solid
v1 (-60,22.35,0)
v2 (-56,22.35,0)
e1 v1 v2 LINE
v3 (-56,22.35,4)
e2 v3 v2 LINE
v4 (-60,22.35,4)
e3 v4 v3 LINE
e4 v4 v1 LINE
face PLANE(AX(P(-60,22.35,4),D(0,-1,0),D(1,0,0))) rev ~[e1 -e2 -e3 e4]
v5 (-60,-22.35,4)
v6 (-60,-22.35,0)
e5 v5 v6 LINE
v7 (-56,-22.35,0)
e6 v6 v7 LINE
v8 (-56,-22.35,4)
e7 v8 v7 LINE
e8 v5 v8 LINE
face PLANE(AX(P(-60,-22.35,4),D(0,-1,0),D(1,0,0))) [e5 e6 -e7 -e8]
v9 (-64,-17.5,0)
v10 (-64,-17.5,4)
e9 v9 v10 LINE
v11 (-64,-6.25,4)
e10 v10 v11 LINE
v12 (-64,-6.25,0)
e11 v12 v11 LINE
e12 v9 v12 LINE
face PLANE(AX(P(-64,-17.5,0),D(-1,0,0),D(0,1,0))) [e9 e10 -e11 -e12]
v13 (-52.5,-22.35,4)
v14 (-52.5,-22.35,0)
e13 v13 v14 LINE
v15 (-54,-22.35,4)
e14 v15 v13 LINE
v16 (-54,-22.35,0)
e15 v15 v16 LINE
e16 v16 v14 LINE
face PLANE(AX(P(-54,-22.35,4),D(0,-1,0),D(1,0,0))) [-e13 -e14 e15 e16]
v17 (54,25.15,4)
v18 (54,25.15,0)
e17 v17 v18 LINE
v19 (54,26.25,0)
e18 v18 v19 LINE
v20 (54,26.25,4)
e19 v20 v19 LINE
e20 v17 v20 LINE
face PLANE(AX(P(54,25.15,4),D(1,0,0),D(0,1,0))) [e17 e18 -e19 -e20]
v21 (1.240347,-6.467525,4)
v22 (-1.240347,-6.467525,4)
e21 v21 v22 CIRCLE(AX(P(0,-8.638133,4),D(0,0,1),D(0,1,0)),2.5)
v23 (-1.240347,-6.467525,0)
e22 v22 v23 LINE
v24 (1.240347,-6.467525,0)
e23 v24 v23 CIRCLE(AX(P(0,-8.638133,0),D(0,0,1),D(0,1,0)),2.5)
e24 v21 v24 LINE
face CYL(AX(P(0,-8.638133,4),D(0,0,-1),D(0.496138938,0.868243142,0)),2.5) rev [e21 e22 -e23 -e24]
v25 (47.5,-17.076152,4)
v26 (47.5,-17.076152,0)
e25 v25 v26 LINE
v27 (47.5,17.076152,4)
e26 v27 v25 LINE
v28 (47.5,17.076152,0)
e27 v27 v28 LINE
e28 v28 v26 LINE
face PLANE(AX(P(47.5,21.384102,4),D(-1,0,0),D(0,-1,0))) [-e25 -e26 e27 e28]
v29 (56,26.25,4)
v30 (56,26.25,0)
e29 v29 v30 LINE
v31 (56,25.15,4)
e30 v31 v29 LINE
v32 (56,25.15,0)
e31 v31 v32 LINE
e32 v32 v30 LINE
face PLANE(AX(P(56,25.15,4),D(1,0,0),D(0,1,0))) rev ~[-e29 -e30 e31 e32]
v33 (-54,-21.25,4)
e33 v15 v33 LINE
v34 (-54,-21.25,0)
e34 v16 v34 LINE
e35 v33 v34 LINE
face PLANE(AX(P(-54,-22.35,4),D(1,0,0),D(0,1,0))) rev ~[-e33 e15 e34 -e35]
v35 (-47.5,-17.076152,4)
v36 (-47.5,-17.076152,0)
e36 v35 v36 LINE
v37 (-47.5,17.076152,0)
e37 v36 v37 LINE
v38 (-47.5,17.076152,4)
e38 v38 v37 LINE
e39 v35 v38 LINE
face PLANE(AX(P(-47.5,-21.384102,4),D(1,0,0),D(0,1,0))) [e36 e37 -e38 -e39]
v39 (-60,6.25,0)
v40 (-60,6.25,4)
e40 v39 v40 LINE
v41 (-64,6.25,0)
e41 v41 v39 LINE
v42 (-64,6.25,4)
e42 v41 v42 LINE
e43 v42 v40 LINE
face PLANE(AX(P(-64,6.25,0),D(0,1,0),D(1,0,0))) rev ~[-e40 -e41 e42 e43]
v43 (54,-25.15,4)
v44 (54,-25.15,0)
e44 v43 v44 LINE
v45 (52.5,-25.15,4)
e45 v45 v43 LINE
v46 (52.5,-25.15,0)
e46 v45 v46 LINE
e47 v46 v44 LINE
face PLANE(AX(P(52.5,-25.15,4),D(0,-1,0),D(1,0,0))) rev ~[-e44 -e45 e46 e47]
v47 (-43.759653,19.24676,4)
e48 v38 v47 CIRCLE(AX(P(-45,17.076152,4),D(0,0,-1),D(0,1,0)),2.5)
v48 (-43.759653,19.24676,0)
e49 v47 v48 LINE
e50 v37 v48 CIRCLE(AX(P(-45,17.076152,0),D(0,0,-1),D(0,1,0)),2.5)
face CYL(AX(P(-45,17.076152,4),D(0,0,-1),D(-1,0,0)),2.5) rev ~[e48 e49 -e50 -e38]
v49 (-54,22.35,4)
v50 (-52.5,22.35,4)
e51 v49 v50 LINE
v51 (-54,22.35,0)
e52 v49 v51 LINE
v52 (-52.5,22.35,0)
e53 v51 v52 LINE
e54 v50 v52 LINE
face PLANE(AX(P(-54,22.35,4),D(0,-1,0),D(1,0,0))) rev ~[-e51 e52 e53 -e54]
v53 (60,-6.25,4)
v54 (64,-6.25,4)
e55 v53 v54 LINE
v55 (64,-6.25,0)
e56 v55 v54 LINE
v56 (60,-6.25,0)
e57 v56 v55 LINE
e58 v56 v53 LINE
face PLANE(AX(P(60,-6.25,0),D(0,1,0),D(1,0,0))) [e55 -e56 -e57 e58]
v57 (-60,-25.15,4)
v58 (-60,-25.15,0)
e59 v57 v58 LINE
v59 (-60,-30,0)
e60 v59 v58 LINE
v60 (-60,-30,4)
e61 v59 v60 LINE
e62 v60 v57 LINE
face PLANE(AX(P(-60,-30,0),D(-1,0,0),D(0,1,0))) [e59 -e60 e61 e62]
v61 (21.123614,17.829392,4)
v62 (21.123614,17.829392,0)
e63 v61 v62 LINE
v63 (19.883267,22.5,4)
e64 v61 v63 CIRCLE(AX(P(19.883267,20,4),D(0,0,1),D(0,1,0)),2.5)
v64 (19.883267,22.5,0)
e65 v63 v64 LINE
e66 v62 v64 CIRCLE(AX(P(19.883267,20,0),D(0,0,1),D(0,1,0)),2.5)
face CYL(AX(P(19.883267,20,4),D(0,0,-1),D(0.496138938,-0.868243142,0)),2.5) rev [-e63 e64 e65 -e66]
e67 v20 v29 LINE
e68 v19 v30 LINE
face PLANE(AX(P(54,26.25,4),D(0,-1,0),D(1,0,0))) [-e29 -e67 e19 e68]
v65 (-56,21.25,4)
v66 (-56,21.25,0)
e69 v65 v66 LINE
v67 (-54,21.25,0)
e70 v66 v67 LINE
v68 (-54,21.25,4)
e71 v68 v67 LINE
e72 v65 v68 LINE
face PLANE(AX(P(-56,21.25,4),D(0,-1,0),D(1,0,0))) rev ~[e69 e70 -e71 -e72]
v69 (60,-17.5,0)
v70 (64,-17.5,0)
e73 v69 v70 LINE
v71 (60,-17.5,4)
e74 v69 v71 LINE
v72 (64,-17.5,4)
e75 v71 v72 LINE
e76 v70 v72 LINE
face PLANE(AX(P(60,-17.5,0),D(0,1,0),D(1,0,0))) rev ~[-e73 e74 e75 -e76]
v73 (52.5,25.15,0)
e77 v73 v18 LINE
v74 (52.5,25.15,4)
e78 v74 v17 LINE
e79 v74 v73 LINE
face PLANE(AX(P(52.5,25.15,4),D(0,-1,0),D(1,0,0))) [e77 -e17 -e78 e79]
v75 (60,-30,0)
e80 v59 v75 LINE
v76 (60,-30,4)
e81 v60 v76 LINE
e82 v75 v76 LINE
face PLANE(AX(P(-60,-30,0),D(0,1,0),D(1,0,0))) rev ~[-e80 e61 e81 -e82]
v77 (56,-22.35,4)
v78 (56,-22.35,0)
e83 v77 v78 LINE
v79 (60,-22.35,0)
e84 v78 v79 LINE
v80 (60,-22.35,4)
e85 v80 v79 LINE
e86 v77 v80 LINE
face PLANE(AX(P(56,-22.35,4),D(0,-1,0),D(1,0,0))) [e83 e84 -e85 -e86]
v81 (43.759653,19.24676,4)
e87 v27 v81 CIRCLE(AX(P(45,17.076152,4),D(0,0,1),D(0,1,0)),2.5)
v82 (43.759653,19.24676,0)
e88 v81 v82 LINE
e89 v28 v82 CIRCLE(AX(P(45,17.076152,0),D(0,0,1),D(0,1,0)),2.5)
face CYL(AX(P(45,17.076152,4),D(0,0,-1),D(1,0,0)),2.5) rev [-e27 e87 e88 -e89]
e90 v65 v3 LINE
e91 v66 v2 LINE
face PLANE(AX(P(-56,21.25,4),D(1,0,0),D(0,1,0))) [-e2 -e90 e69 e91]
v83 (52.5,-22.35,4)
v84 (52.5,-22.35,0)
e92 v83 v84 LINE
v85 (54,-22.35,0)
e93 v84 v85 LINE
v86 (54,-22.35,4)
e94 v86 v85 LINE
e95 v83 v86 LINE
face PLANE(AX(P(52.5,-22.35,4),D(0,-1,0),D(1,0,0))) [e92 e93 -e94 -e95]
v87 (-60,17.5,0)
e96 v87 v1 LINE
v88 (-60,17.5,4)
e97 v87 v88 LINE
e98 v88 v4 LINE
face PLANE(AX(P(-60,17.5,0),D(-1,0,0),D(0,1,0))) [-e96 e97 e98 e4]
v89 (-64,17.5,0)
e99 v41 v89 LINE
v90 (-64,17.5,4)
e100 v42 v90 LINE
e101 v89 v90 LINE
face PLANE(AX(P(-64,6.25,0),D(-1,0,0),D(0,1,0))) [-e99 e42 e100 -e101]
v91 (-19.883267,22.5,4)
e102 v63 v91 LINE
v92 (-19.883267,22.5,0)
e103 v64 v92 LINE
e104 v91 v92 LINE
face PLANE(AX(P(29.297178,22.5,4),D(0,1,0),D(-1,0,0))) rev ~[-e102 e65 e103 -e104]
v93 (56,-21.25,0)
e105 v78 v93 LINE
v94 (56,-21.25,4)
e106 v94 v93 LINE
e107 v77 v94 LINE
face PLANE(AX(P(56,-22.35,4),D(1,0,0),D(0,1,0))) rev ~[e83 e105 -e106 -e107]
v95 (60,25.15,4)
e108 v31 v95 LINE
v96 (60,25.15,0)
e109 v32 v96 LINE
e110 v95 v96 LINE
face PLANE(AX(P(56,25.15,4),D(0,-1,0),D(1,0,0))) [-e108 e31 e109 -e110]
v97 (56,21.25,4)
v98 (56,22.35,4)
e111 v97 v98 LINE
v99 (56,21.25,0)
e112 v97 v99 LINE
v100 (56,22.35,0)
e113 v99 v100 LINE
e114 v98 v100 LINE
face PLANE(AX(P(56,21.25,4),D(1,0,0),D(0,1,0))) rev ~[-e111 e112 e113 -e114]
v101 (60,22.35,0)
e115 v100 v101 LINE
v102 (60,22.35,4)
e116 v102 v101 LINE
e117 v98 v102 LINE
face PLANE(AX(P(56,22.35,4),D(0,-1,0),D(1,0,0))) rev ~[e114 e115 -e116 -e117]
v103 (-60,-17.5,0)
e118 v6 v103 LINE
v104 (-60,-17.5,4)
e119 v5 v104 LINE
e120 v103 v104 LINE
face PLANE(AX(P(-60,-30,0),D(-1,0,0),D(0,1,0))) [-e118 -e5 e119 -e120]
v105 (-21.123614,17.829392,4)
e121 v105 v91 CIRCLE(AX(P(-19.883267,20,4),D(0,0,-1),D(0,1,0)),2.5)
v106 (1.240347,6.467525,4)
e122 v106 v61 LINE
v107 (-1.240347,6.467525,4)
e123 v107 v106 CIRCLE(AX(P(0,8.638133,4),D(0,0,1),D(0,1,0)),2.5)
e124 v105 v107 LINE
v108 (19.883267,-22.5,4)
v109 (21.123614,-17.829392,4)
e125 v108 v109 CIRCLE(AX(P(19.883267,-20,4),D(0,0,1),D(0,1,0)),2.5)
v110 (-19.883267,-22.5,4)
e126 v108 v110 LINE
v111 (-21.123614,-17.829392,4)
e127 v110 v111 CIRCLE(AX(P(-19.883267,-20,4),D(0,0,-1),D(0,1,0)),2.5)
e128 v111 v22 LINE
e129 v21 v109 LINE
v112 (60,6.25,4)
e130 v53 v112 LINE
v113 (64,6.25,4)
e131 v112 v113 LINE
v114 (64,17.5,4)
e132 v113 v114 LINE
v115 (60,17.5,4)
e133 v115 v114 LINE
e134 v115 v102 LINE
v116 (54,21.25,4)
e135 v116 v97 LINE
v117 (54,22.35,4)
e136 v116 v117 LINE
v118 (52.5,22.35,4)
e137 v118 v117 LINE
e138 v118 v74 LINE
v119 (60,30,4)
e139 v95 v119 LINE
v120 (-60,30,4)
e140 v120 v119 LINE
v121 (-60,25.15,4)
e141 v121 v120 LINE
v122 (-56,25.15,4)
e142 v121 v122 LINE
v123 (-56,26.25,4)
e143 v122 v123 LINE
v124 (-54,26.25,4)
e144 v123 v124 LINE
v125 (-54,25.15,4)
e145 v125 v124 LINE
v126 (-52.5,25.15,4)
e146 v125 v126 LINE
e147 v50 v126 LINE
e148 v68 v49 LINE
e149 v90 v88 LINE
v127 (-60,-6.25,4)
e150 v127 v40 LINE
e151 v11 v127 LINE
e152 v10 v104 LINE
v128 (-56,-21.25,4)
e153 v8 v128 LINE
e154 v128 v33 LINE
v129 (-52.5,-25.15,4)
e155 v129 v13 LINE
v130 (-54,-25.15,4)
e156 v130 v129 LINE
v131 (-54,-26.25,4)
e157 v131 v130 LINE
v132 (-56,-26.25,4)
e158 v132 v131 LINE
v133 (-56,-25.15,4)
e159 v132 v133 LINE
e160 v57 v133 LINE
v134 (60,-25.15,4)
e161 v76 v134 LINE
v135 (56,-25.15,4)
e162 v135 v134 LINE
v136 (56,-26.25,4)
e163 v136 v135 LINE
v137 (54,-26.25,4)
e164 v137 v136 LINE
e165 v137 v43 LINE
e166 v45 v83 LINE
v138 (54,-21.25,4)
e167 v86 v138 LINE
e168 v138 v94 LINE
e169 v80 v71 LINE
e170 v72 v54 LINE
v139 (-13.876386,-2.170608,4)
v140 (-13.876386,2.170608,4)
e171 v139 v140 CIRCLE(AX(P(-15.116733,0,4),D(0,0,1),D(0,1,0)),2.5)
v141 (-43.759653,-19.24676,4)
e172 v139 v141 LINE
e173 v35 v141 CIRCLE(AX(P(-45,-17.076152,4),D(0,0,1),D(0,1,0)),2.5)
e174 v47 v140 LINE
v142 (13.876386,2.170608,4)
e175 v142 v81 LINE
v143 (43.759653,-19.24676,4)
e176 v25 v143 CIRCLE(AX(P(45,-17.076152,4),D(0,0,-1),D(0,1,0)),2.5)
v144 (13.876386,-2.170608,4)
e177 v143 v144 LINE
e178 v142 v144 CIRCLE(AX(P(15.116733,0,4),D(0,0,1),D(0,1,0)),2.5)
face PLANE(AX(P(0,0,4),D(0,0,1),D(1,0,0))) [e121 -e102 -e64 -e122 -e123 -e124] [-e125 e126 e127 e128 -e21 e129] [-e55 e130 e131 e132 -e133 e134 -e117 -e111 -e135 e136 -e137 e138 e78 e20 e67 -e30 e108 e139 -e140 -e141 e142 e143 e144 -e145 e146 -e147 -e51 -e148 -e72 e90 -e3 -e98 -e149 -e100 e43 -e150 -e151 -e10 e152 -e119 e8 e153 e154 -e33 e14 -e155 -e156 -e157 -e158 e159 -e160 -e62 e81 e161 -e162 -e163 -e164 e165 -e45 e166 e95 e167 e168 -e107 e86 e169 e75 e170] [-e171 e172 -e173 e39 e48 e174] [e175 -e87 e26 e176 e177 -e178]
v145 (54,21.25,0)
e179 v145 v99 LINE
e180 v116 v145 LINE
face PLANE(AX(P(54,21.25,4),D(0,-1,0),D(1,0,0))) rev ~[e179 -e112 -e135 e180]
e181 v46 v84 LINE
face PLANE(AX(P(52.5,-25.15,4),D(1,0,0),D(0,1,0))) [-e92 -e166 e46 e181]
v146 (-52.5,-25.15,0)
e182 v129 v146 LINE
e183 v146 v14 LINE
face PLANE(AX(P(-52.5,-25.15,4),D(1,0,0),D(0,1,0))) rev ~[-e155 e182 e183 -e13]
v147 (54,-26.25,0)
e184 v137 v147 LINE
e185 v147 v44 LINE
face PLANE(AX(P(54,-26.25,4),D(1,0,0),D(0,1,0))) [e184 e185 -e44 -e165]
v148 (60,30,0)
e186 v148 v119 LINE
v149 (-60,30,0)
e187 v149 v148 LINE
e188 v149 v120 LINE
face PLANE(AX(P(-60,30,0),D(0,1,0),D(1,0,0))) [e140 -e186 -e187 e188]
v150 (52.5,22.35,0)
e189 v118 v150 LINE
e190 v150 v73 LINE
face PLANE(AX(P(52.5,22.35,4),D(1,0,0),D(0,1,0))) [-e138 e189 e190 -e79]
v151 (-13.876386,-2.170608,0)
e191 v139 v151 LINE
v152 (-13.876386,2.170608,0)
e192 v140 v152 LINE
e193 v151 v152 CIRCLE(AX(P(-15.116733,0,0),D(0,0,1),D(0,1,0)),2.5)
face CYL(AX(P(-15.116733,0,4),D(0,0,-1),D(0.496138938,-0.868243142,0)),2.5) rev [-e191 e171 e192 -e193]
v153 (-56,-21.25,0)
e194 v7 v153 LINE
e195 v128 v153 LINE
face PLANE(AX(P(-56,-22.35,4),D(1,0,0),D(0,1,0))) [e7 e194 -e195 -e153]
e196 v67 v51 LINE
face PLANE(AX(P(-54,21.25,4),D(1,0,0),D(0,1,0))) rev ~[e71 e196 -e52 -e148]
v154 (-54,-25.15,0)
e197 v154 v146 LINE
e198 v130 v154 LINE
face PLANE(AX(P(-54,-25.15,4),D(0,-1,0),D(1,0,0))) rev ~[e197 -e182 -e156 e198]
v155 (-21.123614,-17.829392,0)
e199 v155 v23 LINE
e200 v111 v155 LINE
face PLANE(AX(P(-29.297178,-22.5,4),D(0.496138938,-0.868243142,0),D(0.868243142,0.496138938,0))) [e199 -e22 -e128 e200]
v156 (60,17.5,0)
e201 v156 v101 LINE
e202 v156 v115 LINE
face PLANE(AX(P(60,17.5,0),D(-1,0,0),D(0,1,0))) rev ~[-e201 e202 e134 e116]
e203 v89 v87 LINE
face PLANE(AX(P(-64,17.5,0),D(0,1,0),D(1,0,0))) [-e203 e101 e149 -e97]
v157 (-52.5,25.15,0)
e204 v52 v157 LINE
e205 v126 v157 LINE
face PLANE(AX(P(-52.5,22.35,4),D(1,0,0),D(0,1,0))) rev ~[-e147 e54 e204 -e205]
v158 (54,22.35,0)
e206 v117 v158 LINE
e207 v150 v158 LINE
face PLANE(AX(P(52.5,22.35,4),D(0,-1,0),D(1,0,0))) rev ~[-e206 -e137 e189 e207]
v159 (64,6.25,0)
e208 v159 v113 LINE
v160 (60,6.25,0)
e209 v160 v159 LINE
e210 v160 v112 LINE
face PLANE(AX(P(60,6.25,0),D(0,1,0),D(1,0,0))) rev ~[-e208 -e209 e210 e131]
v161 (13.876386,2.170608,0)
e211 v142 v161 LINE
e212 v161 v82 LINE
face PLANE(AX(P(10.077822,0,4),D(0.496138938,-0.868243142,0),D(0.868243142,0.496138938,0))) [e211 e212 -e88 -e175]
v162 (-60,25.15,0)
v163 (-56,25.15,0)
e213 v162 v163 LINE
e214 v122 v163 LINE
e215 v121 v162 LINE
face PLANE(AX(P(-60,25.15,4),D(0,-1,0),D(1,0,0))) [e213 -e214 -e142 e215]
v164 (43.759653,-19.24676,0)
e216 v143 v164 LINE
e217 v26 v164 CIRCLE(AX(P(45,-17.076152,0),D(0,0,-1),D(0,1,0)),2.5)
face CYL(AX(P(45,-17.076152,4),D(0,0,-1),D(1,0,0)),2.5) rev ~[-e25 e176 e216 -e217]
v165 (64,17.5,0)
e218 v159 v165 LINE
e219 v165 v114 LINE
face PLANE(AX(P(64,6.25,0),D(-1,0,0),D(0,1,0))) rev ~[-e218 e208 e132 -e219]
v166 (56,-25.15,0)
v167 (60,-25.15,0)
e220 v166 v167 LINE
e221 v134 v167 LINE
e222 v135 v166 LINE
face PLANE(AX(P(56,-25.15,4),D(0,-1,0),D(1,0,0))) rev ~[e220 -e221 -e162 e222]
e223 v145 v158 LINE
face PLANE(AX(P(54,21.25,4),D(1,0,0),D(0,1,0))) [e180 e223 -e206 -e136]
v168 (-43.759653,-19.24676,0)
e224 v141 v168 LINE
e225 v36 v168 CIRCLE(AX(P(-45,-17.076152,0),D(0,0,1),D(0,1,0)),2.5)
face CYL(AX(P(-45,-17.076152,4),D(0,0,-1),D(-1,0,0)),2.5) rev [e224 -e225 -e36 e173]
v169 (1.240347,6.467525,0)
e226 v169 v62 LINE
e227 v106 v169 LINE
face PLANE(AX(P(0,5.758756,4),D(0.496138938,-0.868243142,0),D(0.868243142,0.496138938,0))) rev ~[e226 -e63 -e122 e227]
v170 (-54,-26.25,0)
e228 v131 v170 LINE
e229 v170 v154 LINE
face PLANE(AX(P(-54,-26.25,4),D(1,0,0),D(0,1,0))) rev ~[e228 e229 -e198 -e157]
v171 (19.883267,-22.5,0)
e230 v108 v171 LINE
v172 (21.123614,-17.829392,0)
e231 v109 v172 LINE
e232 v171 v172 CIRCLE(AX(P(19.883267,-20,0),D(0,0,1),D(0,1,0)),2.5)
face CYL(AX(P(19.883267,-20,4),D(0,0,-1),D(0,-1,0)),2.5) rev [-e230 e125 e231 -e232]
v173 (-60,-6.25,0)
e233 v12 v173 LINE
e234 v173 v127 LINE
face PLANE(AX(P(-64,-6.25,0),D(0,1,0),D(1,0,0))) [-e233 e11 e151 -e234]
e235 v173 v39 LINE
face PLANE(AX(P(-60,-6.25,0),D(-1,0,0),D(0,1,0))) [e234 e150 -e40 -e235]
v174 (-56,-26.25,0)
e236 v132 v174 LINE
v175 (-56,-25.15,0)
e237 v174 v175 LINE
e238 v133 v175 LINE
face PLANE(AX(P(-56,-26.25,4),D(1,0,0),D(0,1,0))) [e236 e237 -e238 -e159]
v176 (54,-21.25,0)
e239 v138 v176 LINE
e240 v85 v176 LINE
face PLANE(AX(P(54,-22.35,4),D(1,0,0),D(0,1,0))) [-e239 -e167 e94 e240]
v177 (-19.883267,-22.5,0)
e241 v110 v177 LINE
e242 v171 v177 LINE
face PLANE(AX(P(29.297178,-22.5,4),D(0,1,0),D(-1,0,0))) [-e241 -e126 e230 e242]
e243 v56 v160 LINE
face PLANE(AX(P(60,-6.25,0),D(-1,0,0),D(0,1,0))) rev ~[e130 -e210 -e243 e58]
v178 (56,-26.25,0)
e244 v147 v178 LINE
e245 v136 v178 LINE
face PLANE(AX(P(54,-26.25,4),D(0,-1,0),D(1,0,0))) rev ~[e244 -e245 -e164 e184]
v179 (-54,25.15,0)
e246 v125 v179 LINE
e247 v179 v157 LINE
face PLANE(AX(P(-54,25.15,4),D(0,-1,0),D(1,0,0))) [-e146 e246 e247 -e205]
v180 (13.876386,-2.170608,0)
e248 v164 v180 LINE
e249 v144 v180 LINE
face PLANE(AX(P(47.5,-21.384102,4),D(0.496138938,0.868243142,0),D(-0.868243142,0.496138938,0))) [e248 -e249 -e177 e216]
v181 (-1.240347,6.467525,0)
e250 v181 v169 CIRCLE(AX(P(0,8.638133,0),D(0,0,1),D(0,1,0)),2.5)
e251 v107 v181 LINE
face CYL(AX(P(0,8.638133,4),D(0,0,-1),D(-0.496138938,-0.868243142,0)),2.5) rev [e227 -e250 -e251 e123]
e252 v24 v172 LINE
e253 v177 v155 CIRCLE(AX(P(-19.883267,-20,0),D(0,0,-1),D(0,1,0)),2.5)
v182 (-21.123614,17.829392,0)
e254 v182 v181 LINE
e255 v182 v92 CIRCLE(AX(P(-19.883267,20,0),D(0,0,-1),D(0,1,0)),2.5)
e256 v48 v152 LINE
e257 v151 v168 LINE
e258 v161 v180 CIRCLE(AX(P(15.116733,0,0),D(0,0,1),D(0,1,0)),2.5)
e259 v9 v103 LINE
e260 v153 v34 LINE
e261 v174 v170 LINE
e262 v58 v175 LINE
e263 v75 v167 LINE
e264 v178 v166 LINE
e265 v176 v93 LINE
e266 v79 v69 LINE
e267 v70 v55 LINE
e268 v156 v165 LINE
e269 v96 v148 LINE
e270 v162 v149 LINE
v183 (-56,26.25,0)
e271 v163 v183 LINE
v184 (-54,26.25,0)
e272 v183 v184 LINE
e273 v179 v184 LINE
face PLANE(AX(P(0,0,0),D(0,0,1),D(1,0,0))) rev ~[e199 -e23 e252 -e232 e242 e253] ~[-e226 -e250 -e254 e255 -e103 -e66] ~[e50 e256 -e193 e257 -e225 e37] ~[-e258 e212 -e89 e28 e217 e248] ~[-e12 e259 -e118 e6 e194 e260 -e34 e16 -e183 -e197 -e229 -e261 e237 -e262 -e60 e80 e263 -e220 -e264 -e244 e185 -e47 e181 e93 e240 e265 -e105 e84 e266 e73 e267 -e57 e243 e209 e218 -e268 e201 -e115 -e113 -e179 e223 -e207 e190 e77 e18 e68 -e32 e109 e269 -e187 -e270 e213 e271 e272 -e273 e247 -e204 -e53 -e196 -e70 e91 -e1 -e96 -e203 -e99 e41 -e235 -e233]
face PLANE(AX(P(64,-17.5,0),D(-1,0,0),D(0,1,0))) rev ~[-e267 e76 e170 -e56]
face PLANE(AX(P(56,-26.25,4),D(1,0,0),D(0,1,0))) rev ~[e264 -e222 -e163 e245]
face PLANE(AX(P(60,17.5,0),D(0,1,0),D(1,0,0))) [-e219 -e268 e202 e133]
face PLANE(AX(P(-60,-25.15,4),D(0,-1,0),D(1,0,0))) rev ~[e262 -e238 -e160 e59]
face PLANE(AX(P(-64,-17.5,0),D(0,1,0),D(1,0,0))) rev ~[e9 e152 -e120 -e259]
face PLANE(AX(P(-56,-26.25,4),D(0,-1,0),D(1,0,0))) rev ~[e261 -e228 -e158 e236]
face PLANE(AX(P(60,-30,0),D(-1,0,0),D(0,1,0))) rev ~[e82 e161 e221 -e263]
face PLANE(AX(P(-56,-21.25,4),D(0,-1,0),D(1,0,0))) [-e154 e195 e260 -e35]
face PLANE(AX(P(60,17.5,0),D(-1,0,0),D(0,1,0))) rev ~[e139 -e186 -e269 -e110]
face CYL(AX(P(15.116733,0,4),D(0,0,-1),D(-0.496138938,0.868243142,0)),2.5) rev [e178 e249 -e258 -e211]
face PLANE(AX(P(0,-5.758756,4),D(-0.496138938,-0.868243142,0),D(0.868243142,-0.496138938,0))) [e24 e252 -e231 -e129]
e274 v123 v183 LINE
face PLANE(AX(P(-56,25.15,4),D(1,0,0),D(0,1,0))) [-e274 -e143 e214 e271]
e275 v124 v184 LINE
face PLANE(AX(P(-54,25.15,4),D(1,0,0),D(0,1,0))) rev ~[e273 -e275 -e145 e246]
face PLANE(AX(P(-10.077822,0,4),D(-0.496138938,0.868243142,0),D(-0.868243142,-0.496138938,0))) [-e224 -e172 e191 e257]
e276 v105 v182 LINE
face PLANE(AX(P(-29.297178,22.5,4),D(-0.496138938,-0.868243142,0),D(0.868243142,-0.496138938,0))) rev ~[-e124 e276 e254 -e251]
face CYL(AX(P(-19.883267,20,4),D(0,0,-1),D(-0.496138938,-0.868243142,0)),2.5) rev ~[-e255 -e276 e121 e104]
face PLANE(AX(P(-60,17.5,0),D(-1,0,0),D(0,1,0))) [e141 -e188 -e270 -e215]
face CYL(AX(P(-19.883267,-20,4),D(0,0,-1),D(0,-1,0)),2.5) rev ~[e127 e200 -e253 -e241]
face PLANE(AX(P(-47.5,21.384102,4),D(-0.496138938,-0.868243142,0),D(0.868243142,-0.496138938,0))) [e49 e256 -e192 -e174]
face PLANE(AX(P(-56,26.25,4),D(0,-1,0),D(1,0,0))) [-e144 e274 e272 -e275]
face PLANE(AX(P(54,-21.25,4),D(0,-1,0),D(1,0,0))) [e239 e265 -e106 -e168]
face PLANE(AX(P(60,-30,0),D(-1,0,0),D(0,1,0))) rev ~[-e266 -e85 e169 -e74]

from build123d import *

# Parameters (mm, degrees)
SKETCH_1_W          = 120
SKETCH_1_H          = 60
SKETCH_1_W_2        = 4
SKETCH_1_H_2        = 11.25
EXTRUDE_1_DEPTH     = 4
SKETCH_2_W          = 7.5
SKETCH_2_H          = 2.8
SKETCH_2_W_2        = 2
SKETCH_2_H_2        = 5
CUT_EXTRUDE_1_DEPTH = 4
CUT_EXTRUDE_2_DEPTH = 71.795480082
FILLET_1_R          = 2.5


with BuildPart() as part:
    # Эскиз1 → Бобышка-Вытянуть1 (new body)
    with BuildSketch(Plane.XY):
        Rectangle(SKETCH_1_W, SKETCH_1_H)
        with Locations((-62, -11.875)):
            Rectangle(SKETCH_1_W_2, SKETCH_1_H_2)
        with Locations((-62, 11.875)):
            Rectangle(SKETCH_1_W_2, SKETCH_1_H_2)
        with Locations((62, 11.875)):
            Rectangle(SKETCH_1_W_2, SKETCH_1_H_2)
        with Locations((62, -11.875)):
            Rectangle(SKETCH_1_W_2, SKETCH_1_H_2)
    extrude(amount=EXTRUDE_1_DEPTH)

    # Эскиз2 → Вырез-Вытянуть1 (cut)
    with BuildSketch(Plane.XY.offset(4)):
        with Locations((-56.25, 23.75)):
            Rectangle(SKETCH_2_W, SKETCH_2_H)
        with Locations((-55, 23.75)):
            Rectangle(SKETCH_2_W_2, SKETCH_2_H_2)
        with Locations((55, 23.75)):
            Rectangle(SKETCH_2_W_2, SKETCH_2_H_2)
        with Locations((56.25, 23.75)):
            Rectangle(SKETCH_2_W, SKETCH_2_H)
        with Locations((56.25, -23.75)):
            Rectangle(SKETCH_2_W, SKETCH_2_H)
        with Locations((55, -23.75)):
            Rectangle(SKETCH_2_W_2, SKETCH_2_H_2)
        with Locations((-55, -23.75)):
            Rectangle(SKETCH_2_W_2, SKETCH_2_H_2)
        with Locations((-56.25, -23.75)):
            Rectangle(SKETCH_2_W, SKETCH_2_H)
    extrude(amount=-CUT_EXTRUDE_1_DEPTH, mode=Mode.SUBTRACT)

    # Эскиз3 → Вырез-Вытянуть2 (cut, through all)
    with BuildSketch(Plane.XY.offset(4)):
        Polygon((-47.5, 21.384101608), (-10.077822185, 0), (-47.5, -21.384101608), align=None)
        Polygon((-29.297177815, 22.5), (0, 5.758755534), (29.297177815, 22.5), align=None)
        Polygon((47.5, -21.384101608), (10.077822185, 0), (47.5, 21.384101608), align=None)
        Polygon((-29.297177815, -22.5), (0, -5.758755534), (29.297177815, -22.5), align=None)
    extrude(amount=-CUT_EXTRUDE_2_DEPTH, mode=Mode.SUBTRACT)

    # Скругление1
    fillet_1_edges = [part.edges().sort_by_distance(p)[0] for p in [
        (47.5, -21.384101608, 2),
        (10.077822185, 0, 2),
        (47.5, 21.384101608, 2),
        (0, 5.758755534, 2),
        (-29.297177815, 22.5, 2),
        (29.297177815, 22.5, 2),
        (-29.297177815, -22.5, 2),
        (0, -5.758755534, 2),
        (29.297177815, -22.5, 2),
        (-47.5, 21.384101608, 2),
        (-10.077822185, 0, 2),
        (-47.5, -21.384101608, 2),
    ]]
    fillet(fillet_1_edges, radius=FILLET_1_R)


solid = part.part
